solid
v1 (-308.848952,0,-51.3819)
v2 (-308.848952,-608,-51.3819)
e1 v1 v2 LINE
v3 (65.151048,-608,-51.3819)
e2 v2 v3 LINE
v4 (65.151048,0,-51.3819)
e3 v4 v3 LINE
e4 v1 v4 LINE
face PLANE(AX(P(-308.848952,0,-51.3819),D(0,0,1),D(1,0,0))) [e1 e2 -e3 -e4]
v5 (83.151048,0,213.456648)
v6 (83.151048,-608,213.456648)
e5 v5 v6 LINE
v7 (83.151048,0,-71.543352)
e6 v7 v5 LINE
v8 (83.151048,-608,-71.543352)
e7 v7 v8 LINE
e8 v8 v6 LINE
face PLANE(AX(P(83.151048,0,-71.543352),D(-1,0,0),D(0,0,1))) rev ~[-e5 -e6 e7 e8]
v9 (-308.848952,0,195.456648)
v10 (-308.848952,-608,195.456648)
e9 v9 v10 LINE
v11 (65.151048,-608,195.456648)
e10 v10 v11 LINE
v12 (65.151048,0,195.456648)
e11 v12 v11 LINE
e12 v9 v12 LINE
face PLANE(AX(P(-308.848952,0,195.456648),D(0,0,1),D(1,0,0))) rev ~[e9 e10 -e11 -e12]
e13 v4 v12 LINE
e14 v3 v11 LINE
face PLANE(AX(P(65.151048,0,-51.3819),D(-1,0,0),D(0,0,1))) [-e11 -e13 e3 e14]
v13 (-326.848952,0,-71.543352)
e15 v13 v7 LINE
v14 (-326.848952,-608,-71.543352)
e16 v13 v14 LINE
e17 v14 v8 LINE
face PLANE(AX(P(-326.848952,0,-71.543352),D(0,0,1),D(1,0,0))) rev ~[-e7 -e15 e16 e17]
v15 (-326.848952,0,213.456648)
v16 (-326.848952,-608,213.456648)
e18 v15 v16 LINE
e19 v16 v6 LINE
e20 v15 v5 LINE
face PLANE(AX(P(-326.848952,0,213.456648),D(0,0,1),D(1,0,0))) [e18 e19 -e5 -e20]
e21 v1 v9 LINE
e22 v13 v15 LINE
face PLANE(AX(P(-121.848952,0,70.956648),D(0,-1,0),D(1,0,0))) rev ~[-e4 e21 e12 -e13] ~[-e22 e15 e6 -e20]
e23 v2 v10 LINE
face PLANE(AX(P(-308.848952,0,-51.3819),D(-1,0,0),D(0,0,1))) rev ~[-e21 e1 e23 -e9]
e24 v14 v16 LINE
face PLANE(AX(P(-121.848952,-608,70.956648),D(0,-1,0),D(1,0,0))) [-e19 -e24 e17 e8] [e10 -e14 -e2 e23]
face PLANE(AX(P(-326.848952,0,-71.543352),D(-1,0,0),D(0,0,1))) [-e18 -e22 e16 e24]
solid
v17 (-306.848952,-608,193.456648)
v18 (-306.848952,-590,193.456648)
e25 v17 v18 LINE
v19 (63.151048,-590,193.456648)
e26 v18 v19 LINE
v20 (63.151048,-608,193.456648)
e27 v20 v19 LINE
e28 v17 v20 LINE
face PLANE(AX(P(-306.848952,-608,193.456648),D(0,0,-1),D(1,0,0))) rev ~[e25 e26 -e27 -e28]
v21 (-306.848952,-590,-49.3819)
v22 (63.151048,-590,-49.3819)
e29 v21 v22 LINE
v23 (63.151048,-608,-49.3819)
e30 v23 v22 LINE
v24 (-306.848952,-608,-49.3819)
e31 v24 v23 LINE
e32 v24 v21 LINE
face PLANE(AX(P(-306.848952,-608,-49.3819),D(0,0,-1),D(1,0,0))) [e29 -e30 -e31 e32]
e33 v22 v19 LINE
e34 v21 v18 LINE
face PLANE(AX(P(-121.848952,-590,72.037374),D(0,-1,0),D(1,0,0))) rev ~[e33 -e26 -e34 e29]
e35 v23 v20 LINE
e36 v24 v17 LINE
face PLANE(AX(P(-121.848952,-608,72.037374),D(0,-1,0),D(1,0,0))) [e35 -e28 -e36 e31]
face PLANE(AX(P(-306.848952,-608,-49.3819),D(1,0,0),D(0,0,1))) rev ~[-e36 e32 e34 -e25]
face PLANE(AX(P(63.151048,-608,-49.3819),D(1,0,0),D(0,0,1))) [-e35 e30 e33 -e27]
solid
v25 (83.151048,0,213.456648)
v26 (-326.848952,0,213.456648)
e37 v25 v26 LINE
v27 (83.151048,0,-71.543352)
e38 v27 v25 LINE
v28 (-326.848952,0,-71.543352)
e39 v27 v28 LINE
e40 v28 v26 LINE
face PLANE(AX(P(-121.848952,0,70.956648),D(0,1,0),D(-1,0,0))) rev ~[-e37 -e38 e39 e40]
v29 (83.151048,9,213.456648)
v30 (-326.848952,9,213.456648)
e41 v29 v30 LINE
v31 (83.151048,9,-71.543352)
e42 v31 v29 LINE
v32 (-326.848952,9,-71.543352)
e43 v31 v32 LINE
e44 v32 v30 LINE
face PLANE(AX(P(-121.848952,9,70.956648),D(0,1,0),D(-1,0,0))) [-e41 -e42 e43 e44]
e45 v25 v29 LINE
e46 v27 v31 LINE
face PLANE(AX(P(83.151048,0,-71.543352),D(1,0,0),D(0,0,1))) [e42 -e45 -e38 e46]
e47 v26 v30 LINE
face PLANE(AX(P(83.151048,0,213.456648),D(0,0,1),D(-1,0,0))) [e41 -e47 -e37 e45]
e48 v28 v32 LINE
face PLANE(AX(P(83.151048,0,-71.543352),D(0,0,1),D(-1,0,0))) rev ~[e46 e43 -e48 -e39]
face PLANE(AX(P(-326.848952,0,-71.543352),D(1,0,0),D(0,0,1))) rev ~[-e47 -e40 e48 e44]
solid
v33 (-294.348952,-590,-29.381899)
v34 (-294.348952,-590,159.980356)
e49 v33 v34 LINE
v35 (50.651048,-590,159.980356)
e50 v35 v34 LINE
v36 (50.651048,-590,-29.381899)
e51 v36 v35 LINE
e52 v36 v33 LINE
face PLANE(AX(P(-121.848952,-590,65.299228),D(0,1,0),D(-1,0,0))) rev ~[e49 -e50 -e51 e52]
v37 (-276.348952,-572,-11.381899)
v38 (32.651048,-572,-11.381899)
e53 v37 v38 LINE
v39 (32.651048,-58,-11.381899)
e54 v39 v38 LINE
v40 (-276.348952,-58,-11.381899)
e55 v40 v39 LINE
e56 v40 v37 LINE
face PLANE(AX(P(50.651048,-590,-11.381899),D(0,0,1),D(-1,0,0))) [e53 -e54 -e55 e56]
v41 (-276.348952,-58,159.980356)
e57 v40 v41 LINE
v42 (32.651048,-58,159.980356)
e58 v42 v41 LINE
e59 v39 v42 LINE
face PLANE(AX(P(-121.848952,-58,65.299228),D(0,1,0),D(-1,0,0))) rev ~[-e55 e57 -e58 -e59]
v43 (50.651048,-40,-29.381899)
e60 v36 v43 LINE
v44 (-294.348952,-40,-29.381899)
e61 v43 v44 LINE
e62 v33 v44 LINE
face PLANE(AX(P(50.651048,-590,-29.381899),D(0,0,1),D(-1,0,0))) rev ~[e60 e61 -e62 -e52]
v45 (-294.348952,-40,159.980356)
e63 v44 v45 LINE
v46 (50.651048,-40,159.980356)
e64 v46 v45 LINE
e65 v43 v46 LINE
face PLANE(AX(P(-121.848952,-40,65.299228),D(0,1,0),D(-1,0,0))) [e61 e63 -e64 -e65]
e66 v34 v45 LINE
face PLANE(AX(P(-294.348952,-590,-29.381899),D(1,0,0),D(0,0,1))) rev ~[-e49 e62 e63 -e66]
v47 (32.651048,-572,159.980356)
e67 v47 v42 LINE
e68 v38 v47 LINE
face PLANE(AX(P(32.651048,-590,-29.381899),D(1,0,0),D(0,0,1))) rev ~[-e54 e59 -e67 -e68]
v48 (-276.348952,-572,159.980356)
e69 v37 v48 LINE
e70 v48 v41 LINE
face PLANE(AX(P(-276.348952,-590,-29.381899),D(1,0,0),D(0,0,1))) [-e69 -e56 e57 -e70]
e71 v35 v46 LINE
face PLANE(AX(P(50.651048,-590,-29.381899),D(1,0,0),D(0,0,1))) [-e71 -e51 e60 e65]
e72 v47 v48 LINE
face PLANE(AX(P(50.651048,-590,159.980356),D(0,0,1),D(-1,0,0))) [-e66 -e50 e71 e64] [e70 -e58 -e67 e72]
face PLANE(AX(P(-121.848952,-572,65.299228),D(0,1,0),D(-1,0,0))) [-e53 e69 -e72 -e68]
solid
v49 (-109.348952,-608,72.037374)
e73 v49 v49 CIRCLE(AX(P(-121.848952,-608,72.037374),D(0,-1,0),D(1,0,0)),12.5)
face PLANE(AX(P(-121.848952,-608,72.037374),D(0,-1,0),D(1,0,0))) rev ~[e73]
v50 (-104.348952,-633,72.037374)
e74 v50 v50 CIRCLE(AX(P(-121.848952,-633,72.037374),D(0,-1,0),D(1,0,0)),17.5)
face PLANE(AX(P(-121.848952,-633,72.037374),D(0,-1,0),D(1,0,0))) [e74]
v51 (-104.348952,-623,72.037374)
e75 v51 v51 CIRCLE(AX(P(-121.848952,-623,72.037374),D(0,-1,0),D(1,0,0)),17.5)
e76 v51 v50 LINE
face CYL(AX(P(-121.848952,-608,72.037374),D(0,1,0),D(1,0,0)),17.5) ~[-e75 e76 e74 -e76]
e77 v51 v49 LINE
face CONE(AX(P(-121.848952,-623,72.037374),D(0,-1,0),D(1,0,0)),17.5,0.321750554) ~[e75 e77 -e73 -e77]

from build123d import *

# Parameters (mm, degrees)
F0_W      = 410
F0_H      = 285
F0_W_2    = 374
F0_H_2    = 246.838547
F1_DEPTH  = 608
F2_W      = 410
F2_H      = 285
F3_DEPTH  = 9
F4_W      = 370
F4_H      = 242.838547
F5_DEPTH  = 18
F6_W      = 345
F6_H      = 189.362255
F7_DEPTH  = 550
F8_T      = -18
F9_R      = 17.5
F10_DEPTH = 25
F11_SIZE2 = 5
F11_SIZE  = 15


with BuildPart() as f1:
    # F0 (on Front) → F1 (new body)
    with BuildSketch(Plane.XZ):
        with Locations((-121.848952, 70.956648)):
            Rectangle(F0_W, F0_H)
        with Locations((-121.848952, 72.037374)):
            Rectangle(F0_W_2, F0_H_2, mode=Mode.SUBTRACT)
    extrude(amount=F1_DEPTH)


with BuildPart() as f3:
    # F2 (on face) → F3 (new body)
    with BuildSketch(Plane(origin=(0, 0, 0), x_dir=(-1, 0, 0), z_dir=(0, 1, 0))):
        with Locations((121.848952, 70.956648)):
            Rectangle(F2_W, F2_H)
    extrude(amount=F3_DEPTH)


with BuildPart() as f5:
    # F4 (on face) → F5 (new body)
    with BuildSketch(Plane.XZ.offset(608)):
        with Locations((-121.848952, 72.037374)):
            Rectangle(F4_W, F4_H)
    extrude(amount=-F5_DEPTH)


with BuildPart() as f7:
    # F6 (on face) → F7 (new body)
    with BuildSketch(Plane(origin=(0, -590, 0), x_dir=(-1, 0, 0), z_dir=(0, 1, 0))):
        with Locations((121.848952, 65.299228)):
            Rectangle(F6_W, F6_H)
    extrude(amount=F7_DEPTH)

    # F8
    f8_openings = [f7.faces().sort_by_distance(p)[0] for p in [
        (-121.848952, -315, 159.980356),
    ]]
    offset(amount=F8_T, openings=f8_openings)


with BuildPart() as f10:
    # F9 (on face) → F10 (new body)
    with BuildSketch(Plane.XZ.offset(608)):
        with Locations((-121.848952, 72.037374)):
            Circle(F9_R)
    extrude(amount=F10_DEPTH)

    # F11
    f11_edges = [f10.edges().sort_by_distance(p)[0] for p in [
        (-139.348952, -608, 72.037374),
    ]]
    chamfer(f11_edges, length=F11_SIZE, length2=F11_SIZE2)


solid = Compound([f1.part, f3.part, f5.part, f7.part, f10.part])
